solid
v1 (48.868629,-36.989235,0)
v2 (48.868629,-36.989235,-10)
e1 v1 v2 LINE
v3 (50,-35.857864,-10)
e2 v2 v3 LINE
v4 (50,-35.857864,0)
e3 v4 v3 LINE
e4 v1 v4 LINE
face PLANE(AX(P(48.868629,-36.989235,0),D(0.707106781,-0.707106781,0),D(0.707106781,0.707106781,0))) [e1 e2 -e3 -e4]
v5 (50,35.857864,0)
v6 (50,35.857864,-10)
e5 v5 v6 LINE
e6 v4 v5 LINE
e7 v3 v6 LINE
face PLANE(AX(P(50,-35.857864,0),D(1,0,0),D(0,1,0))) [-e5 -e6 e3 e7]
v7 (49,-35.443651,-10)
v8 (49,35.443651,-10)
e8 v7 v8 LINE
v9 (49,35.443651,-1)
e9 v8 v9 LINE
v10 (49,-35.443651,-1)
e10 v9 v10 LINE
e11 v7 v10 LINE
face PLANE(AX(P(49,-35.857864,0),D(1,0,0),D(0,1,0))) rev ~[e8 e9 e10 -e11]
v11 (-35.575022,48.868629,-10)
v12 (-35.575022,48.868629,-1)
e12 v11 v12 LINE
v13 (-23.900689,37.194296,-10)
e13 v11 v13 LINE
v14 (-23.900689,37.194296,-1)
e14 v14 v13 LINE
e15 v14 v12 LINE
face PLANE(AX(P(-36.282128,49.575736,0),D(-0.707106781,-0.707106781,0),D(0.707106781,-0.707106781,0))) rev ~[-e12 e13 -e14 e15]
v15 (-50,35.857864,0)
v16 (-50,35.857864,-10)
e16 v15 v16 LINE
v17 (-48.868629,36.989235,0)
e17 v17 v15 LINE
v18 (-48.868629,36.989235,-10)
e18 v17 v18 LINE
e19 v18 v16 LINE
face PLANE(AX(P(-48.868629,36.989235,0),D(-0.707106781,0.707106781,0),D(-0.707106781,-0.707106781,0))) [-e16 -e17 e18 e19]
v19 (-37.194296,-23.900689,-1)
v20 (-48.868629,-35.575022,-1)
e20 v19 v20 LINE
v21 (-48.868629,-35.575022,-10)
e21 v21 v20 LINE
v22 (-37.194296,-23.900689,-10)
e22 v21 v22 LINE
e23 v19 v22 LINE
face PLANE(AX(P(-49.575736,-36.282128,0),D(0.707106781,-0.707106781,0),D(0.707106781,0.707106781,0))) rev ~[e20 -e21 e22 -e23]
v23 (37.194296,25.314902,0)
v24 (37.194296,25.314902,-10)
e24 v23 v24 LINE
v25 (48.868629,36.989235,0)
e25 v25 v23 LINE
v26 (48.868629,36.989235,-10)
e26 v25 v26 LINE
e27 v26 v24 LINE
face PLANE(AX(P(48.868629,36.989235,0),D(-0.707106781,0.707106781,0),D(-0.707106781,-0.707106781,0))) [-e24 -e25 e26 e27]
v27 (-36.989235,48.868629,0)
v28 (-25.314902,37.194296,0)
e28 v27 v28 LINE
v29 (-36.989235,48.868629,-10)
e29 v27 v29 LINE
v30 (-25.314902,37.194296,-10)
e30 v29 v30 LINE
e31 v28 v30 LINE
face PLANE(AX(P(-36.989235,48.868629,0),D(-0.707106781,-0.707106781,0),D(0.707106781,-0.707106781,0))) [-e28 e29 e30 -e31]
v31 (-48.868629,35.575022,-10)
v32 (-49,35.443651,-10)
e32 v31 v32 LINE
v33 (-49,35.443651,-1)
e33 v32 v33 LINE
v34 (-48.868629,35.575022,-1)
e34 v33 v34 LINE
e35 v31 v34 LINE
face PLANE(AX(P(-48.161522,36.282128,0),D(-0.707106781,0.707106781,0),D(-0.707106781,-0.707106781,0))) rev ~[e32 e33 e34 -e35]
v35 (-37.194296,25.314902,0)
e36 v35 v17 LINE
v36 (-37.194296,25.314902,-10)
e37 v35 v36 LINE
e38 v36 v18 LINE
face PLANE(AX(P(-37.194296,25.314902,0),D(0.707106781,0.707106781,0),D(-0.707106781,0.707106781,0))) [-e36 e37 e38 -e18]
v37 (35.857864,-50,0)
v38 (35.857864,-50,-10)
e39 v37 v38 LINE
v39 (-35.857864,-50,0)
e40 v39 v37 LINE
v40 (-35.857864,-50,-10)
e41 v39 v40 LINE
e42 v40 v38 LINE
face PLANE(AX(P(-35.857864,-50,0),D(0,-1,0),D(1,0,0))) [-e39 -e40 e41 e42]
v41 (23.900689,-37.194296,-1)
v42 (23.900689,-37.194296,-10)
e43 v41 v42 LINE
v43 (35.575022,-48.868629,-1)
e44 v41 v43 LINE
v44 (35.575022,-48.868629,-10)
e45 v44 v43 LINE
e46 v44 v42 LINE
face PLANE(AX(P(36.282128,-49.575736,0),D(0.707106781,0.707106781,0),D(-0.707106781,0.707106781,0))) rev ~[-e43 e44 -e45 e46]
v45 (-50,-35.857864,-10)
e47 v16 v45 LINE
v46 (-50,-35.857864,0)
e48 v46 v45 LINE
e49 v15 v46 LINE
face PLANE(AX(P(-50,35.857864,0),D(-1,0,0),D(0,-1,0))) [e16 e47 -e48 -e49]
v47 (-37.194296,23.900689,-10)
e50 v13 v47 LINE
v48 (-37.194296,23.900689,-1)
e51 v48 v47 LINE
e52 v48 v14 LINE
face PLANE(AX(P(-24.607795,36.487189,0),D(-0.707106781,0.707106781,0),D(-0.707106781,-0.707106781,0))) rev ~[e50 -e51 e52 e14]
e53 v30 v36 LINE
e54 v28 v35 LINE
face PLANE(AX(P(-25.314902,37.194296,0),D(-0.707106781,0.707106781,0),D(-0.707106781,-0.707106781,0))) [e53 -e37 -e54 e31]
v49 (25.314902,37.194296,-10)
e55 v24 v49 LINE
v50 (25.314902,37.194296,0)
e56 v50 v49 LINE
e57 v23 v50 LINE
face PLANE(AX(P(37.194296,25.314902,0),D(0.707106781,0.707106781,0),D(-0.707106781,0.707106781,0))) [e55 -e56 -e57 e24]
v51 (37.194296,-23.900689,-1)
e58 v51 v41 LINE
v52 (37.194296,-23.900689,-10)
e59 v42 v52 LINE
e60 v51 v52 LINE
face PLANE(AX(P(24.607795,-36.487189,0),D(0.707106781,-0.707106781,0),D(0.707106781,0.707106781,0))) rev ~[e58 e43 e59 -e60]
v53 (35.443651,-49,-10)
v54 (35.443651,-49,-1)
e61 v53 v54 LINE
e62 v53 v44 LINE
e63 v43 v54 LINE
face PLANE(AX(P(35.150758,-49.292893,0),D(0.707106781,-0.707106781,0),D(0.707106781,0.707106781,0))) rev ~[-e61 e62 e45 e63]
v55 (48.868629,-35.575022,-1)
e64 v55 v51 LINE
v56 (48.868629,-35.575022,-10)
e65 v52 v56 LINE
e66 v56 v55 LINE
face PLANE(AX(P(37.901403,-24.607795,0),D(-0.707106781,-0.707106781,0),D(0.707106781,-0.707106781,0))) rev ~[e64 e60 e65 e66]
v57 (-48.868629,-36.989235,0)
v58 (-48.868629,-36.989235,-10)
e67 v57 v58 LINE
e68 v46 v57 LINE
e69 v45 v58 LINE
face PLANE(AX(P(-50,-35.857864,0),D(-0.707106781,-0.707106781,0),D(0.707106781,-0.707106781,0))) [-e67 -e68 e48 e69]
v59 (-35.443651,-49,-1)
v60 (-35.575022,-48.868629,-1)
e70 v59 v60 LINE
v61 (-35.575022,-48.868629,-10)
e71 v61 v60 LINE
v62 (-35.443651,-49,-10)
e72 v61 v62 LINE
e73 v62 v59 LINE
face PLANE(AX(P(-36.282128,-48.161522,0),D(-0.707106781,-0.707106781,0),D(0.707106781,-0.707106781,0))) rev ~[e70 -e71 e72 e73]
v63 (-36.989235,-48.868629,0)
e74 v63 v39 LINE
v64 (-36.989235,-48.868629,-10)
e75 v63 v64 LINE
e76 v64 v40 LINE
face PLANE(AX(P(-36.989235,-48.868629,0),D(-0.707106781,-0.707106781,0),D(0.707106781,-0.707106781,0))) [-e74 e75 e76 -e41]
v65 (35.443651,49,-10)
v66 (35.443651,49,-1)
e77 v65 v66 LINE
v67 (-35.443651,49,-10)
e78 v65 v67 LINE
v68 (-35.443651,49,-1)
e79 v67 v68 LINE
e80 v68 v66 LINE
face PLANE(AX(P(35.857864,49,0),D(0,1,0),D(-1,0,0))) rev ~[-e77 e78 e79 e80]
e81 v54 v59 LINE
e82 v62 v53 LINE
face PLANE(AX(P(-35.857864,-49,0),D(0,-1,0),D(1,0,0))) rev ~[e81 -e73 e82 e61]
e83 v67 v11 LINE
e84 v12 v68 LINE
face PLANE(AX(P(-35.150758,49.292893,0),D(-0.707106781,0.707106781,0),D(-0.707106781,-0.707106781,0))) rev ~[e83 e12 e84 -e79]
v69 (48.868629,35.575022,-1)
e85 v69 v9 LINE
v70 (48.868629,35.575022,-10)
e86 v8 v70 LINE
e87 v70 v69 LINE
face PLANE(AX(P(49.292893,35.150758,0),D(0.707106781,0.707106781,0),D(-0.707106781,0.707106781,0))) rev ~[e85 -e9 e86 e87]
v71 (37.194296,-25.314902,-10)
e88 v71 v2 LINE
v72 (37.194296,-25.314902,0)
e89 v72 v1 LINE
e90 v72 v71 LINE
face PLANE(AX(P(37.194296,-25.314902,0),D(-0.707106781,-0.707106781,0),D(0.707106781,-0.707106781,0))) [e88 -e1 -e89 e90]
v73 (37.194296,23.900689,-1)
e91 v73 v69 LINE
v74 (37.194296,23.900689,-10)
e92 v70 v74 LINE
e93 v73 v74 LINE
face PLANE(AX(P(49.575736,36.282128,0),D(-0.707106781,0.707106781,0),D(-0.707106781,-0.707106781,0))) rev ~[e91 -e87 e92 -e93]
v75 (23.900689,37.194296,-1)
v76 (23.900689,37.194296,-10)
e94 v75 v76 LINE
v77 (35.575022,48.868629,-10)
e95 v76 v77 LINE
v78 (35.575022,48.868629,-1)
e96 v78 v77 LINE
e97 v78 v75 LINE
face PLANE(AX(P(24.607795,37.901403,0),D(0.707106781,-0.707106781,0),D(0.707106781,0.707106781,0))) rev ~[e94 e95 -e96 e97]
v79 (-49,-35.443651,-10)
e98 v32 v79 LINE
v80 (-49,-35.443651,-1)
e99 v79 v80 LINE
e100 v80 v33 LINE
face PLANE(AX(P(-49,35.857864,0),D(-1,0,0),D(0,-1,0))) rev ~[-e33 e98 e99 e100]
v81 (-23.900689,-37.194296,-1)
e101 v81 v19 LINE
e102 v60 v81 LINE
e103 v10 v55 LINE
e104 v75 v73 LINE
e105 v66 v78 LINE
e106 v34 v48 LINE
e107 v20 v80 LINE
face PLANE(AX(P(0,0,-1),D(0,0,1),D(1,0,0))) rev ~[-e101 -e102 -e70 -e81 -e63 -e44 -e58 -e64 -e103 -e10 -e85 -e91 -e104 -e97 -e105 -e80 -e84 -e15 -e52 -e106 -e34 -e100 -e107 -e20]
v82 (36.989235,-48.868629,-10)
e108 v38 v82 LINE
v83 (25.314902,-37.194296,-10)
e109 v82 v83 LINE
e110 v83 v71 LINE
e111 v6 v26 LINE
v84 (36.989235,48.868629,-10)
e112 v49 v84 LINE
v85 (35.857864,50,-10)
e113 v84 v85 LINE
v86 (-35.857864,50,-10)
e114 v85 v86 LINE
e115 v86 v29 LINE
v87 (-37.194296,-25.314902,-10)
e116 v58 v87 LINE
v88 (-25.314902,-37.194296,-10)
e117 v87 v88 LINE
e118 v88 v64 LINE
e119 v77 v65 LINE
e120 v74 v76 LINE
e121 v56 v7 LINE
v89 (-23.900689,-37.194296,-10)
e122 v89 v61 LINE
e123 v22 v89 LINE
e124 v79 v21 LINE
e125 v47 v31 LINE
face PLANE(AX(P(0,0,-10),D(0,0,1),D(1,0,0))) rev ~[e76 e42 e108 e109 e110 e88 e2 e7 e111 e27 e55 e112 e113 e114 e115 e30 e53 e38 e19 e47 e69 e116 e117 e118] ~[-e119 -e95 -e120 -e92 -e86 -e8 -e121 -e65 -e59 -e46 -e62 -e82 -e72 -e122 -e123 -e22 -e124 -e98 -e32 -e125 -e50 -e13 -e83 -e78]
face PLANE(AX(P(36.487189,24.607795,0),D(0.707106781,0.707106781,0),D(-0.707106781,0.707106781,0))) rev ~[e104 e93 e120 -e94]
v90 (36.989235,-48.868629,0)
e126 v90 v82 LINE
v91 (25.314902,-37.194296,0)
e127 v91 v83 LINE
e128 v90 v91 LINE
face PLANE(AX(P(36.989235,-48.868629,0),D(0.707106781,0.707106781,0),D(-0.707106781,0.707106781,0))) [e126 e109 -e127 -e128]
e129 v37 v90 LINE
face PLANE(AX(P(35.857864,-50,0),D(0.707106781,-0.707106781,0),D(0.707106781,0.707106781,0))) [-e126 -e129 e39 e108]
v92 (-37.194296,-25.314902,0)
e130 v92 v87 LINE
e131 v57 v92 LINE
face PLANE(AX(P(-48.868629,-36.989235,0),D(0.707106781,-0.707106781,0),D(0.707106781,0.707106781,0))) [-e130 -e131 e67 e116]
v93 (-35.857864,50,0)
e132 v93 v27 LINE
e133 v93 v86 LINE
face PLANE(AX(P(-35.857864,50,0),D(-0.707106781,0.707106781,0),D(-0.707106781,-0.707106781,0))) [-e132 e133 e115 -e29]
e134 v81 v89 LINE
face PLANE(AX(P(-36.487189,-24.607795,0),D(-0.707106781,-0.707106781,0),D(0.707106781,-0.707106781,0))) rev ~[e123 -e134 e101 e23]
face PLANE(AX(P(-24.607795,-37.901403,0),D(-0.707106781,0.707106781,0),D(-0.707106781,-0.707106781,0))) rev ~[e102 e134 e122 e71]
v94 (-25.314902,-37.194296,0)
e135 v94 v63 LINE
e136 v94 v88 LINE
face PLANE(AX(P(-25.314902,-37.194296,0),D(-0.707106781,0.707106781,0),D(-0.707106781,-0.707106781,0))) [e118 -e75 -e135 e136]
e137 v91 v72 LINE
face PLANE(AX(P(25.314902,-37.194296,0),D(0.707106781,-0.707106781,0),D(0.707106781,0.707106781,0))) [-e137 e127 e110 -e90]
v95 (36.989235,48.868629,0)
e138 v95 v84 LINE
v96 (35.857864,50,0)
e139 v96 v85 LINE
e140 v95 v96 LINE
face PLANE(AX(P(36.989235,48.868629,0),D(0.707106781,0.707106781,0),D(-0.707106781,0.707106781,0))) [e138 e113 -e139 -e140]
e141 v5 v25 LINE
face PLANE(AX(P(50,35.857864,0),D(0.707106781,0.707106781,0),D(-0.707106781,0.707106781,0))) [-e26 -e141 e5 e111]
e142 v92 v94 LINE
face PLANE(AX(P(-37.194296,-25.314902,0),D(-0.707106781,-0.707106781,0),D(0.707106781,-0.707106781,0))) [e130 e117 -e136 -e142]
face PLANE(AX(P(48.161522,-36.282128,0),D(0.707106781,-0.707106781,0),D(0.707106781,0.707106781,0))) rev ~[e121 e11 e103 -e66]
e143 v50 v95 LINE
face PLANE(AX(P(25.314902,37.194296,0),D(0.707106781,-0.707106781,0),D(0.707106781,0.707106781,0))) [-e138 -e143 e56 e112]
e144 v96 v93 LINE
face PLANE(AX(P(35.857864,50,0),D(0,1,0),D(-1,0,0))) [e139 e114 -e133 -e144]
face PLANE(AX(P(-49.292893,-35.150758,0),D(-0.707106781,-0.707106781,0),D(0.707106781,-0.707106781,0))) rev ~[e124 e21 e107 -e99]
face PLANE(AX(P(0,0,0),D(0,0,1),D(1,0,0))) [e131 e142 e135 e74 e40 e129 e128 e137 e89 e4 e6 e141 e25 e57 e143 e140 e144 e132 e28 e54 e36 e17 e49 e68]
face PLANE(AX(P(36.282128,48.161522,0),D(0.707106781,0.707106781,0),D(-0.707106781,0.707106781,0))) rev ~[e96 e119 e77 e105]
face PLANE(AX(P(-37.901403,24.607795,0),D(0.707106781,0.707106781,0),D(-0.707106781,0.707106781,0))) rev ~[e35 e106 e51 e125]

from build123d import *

# Parameters (mm, degrees)
F1_DEPTH = 10
F2_T     = -1


with BuildPart() as f1:
    # F0 (on Top) → F1 (new body)
    with BuildSketch(Plane.XY):
        Polygon((36.9892352262, 48.8686291501), (35.8578643763, 50), (-35.8578643763, 50), (-36.9892352262, 48.8686291501), (-25.3149022688, 37.1942961927), (-37.1942961927, 25.3149022688), (-48.8686291501, 36.9892352262), (-50, 35.8578643763), (-50, -35.8578643763), (-48.8686291501, -36.9892352262), (-37.1942961927, -25.3149022688), (-25.3149022688, -37.1942961927), (-36.9892352262, -48.8686291501), (-35.8578643763, -50), (35.8578643763, -50), (36.9892352262, -48.8686291501), (25.3149022688, -37.1942961927), (37.1942961927, -25.3149022688), (48.8686291501, -36.9892352262), (50, -35.8578643763), (50, 35.8578643763), (48.8686291501, 36.9892352262), (37.1942961927, 25.3149022688), (25.3149022688, 37.1942961927), align=None)
    extrude(amount=-F1_DEPTH)

    # F2
    f2_openings = [f1.faces().sort_by_distance(p)[0] for p in [
        (0, 0, -10),
    ]]
    offset(amount=F2_T, openings=f2_openings, kind=Kind.INTERSECTION)


solid = f1.part
